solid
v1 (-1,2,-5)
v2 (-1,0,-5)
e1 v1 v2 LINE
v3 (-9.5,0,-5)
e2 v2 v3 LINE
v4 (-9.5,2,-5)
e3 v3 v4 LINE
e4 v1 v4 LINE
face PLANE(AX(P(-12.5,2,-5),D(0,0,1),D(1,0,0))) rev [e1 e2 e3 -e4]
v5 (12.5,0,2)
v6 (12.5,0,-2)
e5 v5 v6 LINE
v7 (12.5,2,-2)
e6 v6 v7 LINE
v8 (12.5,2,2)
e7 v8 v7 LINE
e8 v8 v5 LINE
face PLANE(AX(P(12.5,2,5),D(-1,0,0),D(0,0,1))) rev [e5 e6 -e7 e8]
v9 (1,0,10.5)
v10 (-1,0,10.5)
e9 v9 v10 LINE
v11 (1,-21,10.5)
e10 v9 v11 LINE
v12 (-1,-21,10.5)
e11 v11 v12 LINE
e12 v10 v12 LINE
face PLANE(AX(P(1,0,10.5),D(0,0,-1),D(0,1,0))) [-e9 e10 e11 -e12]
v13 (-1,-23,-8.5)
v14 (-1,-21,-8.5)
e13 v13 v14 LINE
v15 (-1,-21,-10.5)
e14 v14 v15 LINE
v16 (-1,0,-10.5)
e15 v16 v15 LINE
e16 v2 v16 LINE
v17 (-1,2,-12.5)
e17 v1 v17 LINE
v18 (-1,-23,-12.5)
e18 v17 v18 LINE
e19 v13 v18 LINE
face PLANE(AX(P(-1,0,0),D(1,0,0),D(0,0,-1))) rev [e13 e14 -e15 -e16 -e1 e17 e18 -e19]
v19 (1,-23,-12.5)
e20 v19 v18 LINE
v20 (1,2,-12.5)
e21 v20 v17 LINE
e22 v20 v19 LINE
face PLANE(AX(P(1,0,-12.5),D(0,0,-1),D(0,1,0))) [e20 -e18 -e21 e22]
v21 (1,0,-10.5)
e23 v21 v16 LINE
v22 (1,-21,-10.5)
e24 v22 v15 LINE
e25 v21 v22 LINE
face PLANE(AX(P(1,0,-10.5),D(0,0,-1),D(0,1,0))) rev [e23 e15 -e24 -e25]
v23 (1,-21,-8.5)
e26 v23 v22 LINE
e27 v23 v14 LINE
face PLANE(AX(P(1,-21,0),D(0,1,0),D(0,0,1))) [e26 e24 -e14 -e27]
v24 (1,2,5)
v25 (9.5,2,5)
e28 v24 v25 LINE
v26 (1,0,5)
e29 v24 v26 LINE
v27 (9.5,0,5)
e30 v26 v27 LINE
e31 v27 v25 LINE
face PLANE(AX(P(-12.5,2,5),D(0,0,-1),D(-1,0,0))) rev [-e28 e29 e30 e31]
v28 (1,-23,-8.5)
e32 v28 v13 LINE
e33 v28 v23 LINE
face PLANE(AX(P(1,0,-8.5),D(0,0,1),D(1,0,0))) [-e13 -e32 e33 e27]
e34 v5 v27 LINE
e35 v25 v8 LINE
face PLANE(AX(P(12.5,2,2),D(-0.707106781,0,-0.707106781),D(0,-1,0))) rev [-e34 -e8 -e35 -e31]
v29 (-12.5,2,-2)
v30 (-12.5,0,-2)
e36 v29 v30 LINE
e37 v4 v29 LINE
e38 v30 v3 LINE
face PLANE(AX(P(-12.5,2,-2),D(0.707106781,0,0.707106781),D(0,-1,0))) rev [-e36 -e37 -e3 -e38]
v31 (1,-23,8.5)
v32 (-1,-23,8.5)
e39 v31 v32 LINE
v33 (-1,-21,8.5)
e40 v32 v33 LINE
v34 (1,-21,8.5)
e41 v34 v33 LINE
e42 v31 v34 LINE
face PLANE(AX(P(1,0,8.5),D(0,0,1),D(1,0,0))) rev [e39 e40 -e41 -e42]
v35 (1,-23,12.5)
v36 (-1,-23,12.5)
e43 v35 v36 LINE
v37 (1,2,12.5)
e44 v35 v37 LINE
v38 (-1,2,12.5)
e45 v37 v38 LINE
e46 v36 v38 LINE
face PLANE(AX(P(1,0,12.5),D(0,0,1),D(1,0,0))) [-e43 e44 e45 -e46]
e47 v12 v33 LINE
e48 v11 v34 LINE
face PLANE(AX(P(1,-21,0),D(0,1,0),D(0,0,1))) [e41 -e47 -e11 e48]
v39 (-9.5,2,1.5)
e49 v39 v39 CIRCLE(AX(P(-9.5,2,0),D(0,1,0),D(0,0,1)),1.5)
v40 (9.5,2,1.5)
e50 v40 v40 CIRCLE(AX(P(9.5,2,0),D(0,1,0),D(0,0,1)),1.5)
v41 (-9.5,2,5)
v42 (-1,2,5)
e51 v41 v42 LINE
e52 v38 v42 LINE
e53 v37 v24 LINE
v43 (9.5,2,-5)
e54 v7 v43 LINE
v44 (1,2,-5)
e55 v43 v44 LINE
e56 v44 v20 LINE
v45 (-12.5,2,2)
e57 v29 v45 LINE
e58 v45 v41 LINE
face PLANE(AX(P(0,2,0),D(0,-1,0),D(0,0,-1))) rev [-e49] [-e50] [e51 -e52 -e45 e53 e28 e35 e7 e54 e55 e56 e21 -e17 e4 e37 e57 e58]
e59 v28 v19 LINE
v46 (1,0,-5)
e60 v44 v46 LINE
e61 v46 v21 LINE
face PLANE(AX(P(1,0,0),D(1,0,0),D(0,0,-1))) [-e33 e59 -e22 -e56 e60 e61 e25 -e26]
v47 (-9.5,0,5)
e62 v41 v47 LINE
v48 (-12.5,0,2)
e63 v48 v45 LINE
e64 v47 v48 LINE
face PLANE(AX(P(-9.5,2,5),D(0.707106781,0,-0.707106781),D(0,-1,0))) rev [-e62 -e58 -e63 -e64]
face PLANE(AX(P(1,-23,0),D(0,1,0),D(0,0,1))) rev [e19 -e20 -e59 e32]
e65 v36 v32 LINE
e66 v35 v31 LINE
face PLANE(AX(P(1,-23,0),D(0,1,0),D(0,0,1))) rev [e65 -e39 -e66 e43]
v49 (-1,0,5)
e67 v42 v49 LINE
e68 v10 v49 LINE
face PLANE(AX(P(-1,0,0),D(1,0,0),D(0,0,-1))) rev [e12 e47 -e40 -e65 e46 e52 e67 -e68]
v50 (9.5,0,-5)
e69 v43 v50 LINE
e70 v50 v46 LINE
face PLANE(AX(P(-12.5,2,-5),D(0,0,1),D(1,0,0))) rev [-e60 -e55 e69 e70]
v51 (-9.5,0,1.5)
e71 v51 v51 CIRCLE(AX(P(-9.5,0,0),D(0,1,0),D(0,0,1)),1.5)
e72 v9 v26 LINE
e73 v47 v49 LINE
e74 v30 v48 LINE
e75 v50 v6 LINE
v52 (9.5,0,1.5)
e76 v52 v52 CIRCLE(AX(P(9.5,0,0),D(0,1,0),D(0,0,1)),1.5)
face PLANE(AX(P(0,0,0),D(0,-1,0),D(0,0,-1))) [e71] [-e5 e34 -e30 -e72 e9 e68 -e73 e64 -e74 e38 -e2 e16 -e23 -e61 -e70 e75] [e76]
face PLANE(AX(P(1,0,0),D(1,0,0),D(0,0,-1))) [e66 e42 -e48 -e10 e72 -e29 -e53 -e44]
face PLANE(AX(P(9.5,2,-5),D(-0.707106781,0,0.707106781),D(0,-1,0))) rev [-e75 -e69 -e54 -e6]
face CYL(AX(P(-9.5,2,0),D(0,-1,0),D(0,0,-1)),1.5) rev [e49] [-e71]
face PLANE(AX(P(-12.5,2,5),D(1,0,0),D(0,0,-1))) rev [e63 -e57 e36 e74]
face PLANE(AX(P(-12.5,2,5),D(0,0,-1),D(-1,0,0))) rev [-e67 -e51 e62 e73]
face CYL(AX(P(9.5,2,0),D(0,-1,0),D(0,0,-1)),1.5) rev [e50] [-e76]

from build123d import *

# Parameters (mm, degrees)
SKETCH_1_W      = 25
SKETCH_1_H      = 10
SKETCH_1_R      = 1.5
EXTRUDE_1_DEPTH = 2
EXTRUDE_3_DEPTH = 1
CHAMFER_1_SIZE  = 3


with BuildPart() as part:
    # 스케치1 → 보스-돌출1 (new body)
    with BuildSketch(Plane(origin=(0, 0, 0), x_dir=(1, 0, 0), z_dir=(0, 1, 0))):
        Rectangle(SKETCH_1_W, SKETCH_1_H)
        with Locations(Location((-9.5, 0, 0), (0, 0, 270))):
            Circle(SKETCH_1_R, mode=Mode.SUBTRACT)
        with Locations(Location((9.5, 0, 0), (0, 0, 270))):
            Circle(SKETCH_1_R, mode=Mode.SUBTRACT)
    extrude(amount=EXTRUDE_1_DEPTH)

    # 스케치4 → 보스-돌출3 (add, symmetric)
    with BuildSketch(Plane(origin=(0, 0, 0), x_dir=(0, 0, -1), z_dir=(1, 0, 0))):
        Polygon((-10.5, 0), (-5, 0), (-5, 2), (-12.5, 2), (-12.5, -23), (-8.5, -23), (-8.5, -21), (-10.5, -21), align=None)
        Polygon((5, 2), (5, 0), (10.5, 0), (10.5, -21), (8.5, -21), (8.5, -23), (12.5, -23), (12.5, 2), align=None)
    extrude(amount=EXTRUDE_3_DEPTH, both=True)

    # 모따기1
    chamfer_1_edges = [part.edges().sort_by_distance(p)[0] for p in [
        (12.5, 1, -5),
        (12.5, 1, 5),
        (-12.5, 1, -5),
        (-12.5, 1, 5),
    ]]
    chamfer(chamfer_1_edges, length=CHAMFER_1_SIZE)


solid = part.part
